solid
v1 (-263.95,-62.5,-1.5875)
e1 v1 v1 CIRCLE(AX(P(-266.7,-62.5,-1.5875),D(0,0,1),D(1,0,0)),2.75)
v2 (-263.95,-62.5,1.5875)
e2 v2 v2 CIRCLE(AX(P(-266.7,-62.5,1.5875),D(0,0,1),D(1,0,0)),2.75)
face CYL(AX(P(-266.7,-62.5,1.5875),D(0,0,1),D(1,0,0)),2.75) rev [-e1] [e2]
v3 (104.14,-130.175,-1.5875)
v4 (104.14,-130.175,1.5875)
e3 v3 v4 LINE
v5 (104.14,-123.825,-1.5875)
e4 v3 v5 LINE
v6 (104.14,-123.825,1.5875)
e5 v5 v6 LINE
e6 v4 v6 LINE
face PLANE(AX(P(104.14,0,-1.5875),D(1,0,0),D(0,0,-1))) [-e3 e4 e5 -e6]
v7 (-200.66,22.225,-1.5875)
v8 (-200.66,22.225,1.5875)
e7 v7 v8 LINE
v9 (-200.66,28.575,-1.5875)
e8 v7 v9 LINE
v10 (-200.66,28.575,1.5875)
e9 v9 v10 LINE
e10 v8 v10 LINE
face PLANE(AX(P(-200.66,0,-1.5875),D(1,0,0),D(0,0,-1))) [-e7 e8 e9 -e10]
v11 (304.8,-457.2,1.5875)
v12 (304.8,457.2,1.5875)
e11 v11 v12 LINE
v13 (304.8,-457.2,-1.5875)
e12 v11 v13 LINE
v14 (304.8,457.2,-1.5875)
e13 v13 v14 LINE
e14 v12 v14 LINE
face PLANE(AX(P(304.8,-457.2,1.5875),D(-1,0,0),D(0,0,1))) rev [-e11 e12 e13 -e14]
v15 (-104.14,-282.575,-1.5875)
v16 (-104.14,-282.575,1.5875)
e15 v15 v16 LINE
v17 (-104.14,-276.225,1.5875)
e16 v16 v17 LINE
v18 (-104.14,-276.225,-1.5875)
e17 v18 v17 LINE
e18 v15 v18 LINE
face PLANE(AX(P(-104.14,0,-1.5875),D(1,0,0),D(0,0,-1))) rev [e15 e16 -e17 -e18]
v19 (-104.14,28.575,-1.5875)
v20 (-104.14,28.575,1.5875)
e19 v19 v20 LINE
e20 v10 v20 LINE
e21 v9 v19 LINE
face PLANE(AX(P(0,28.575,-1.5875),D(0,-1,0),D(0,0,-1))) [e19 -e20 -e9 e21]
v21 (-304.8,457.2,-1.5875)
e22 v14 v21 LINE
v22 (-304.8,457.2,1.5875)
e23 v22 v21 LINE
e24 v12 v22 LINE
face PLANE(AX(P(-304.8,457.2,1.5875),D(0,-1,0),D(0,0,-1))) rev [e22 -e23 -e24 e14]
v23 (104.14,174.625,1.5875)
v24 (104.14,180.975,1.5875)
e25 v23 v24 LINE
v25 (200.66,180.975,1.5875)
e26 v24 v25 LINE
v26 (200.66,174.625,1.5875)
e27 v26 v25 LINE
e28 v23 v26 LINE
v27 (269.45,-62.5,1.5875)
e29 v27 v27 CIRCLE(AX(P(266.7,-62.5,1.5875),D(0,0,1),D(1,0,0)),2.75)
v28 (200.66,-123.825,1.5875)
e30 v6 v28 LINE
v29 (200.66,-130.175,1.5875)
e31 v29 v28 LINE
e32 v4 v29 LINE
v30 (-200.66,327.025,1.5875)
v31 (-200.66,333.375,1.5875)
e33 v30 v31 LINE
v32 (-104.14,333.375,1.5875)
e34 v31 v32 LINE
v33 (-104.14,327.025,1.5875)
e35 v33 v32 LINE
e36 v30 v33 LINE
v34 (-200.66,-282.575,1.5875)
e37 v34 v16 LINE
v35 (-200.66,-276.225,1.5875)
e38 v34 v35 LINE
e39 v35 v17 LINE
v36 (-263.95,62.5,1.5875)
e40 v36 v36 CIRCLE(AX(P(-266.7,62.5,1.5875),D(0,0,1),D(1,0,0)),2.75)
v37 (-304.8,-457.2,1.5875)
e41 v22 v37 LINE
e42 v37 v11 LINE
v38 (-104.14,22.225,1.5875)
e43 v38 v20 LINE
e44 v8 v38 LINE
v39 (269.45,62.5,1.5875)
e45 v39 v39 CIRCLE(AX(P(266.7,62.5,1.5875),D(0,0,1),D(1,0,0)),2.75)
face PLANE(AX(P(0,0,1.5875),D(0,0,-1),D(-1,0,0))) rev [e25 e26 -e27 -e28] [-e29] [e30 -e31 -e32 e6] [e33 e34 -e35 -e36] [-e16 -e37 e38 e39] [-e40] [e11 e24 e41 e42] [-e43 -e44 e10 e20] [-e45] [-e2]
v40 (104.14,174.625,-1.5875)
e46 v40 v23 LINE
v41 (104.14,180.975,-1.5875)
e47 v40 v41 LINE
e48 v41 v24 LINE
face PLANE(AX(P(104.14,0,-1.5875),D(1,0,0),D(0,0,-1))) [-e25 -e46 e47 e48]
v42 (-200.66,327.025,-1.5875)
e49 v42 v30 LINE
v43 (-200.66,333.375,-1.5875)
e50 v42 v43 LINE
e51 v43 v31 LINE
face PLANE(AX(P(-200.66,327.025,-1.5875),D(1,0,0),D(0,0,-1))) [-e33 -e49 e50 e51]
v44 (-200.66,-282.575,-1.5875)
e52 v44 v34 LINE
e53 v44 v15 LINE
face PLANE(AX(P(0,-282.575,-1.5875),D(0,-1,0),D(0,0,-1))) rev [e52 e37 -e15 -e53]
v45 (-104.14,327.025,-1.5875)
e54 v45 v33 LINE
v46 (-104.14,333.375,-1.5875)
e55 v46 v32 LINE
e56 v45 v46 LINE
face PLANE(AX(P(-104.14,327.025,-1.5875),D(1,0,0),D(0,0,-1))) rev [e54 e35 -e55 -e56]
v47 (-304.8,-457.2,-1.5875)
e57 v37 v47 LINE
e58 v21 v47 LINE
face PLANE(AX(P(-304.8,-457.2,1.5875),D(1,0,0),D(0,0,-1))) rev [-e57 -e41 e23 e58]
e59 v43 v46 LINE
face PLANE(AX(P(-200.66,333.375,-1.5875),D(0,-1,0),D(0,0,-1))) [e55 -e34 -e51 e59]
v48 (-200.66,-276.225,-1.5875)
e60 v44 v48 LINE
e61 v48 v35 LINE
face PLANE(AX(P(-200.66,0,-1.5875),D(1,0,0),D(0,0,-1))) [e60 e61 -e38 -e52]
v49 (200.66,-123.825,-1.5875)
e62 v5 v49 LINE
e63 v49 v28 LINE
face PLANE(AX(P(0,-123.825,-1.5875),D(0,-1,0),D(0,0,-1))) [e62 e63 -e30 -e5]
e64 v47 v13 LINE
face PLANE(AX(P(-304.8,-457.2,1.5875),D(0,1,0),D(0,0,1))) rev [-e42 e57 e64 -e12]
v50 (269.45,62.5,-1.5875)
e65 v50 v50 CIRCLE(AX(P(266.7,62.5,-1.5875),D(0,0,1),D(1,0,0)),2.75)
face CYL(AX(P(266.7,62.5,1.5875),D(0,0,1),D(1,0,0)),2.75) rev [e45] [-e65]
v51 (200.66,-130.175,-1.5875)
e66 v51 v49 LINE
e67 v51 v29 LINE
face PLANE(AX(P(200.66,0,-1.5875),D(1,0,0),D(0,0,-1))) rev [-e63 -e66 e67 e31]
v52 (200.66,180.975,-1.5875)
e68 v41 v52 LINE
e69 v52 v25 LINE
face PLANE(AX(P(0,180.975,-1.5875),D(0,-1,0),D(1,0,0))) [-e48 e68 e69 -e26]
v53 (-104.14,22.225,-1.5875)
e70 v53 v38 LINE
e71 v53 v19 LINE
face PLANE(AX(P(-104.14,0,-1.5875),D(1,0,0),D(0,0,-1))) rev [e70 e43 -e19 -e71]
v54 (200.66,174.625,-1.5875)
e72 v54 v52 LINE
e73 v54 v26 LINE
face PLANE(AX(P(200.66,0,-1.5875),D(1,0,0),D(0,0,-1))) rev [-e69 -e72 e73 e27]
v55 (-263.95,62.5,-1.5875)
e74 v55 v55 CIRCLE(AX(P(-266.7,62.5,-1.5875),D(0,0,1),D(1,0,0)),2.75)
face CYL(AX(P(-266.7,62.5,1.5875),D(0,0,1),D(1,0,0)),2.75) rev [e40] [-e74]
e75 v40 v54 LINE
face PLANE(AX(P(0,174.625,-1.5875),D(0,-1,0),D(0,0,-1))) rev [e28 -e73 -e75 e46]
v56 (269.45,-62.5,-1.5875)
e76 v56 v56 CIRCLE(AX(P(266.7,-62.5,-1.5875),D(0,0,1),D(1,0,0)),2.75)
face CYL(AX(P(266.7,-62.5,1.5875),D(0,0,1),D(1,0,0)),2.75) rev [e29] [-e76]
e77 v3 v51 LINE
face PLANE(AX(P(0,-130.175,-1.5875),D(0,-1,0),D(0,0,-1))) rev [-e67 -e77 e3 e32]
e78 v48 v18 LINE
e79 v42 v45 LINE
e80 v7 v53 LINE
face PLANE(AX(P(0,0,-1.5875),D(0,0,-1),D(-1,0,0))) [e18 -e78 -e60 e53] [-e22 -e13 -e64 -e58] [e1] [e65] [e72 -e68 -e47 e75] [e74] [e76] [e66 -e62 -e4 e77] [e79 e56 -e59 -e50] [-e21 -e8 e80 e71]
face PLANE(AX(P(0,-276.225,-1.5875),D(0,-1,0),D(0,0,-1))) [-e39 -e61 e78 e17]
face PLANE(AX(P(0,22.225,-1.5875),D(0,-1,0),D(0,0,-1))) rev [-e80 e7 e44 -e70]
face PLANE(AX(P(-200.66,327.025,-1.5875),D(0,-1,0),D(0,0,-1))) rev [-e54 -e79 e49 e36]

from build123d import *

# Parameters (mm, degrees)
SKETCH1_W            = 609.6
SKETCH1_H            = 914.4
BOSS_EXTRUDE1_DEPTH  = 1.5875
SKETCH2_W            = 96.52
SKETCH2_H            = 6.35
CUT_EXTRUDE1_DEPTH   = 550.495187081
M5_CLEARANCE_HOLE1_D = 5.5


with BuildPart() as part:
    # Sketch1 → Boss-Extrude1 (new, symmetric)
    with BuildSketch(Plane.XY):
        Rectangle(SKETCH1_W, SKETCH1_H)
    extrude(amount=BOSS_EXTRUDE1_DEPTH, both=True)

    # Sketch2 → Cut-Extrude1 (cut, through all)
    with BuildSketch(Plane.XY.offset(1.5875)):
        with Locations((152.4, 177.8)):
            Rectangle(SKETCH2_W, SKETCH2_H)
        with Locations((-152.4, 25.4)):
            Rectangle(SKETCH2_W, SKETCH2_H)
        with Locations((152.4, -127)):
            Rectangle(SKETCH2_W, SKETCH2_H)
        with Locations((-152.4, -279.4)):
            Rectangle(SKETCH2_W, SKETCH2_H)
        with Locations((-152.4, 330.2)):
            Rectangle(SKETCH2_W, SKETCH2_H)
    extrude(amount=-CUT_EXTRUDE1_DEPTH, mode=Mode.SUBTRACT)

    # M5 Clearance Hole1 (through all)
    with Locations(Plane.XY.offset(1.5875)):
        with Locations((-266.7, 62.5), (-266.7, -62.5), (266.7, 62.5), (266.7, -62.5)):
            Hole(M5_CLEARANCE_HOLE1_D / 2)


solid = part.part
